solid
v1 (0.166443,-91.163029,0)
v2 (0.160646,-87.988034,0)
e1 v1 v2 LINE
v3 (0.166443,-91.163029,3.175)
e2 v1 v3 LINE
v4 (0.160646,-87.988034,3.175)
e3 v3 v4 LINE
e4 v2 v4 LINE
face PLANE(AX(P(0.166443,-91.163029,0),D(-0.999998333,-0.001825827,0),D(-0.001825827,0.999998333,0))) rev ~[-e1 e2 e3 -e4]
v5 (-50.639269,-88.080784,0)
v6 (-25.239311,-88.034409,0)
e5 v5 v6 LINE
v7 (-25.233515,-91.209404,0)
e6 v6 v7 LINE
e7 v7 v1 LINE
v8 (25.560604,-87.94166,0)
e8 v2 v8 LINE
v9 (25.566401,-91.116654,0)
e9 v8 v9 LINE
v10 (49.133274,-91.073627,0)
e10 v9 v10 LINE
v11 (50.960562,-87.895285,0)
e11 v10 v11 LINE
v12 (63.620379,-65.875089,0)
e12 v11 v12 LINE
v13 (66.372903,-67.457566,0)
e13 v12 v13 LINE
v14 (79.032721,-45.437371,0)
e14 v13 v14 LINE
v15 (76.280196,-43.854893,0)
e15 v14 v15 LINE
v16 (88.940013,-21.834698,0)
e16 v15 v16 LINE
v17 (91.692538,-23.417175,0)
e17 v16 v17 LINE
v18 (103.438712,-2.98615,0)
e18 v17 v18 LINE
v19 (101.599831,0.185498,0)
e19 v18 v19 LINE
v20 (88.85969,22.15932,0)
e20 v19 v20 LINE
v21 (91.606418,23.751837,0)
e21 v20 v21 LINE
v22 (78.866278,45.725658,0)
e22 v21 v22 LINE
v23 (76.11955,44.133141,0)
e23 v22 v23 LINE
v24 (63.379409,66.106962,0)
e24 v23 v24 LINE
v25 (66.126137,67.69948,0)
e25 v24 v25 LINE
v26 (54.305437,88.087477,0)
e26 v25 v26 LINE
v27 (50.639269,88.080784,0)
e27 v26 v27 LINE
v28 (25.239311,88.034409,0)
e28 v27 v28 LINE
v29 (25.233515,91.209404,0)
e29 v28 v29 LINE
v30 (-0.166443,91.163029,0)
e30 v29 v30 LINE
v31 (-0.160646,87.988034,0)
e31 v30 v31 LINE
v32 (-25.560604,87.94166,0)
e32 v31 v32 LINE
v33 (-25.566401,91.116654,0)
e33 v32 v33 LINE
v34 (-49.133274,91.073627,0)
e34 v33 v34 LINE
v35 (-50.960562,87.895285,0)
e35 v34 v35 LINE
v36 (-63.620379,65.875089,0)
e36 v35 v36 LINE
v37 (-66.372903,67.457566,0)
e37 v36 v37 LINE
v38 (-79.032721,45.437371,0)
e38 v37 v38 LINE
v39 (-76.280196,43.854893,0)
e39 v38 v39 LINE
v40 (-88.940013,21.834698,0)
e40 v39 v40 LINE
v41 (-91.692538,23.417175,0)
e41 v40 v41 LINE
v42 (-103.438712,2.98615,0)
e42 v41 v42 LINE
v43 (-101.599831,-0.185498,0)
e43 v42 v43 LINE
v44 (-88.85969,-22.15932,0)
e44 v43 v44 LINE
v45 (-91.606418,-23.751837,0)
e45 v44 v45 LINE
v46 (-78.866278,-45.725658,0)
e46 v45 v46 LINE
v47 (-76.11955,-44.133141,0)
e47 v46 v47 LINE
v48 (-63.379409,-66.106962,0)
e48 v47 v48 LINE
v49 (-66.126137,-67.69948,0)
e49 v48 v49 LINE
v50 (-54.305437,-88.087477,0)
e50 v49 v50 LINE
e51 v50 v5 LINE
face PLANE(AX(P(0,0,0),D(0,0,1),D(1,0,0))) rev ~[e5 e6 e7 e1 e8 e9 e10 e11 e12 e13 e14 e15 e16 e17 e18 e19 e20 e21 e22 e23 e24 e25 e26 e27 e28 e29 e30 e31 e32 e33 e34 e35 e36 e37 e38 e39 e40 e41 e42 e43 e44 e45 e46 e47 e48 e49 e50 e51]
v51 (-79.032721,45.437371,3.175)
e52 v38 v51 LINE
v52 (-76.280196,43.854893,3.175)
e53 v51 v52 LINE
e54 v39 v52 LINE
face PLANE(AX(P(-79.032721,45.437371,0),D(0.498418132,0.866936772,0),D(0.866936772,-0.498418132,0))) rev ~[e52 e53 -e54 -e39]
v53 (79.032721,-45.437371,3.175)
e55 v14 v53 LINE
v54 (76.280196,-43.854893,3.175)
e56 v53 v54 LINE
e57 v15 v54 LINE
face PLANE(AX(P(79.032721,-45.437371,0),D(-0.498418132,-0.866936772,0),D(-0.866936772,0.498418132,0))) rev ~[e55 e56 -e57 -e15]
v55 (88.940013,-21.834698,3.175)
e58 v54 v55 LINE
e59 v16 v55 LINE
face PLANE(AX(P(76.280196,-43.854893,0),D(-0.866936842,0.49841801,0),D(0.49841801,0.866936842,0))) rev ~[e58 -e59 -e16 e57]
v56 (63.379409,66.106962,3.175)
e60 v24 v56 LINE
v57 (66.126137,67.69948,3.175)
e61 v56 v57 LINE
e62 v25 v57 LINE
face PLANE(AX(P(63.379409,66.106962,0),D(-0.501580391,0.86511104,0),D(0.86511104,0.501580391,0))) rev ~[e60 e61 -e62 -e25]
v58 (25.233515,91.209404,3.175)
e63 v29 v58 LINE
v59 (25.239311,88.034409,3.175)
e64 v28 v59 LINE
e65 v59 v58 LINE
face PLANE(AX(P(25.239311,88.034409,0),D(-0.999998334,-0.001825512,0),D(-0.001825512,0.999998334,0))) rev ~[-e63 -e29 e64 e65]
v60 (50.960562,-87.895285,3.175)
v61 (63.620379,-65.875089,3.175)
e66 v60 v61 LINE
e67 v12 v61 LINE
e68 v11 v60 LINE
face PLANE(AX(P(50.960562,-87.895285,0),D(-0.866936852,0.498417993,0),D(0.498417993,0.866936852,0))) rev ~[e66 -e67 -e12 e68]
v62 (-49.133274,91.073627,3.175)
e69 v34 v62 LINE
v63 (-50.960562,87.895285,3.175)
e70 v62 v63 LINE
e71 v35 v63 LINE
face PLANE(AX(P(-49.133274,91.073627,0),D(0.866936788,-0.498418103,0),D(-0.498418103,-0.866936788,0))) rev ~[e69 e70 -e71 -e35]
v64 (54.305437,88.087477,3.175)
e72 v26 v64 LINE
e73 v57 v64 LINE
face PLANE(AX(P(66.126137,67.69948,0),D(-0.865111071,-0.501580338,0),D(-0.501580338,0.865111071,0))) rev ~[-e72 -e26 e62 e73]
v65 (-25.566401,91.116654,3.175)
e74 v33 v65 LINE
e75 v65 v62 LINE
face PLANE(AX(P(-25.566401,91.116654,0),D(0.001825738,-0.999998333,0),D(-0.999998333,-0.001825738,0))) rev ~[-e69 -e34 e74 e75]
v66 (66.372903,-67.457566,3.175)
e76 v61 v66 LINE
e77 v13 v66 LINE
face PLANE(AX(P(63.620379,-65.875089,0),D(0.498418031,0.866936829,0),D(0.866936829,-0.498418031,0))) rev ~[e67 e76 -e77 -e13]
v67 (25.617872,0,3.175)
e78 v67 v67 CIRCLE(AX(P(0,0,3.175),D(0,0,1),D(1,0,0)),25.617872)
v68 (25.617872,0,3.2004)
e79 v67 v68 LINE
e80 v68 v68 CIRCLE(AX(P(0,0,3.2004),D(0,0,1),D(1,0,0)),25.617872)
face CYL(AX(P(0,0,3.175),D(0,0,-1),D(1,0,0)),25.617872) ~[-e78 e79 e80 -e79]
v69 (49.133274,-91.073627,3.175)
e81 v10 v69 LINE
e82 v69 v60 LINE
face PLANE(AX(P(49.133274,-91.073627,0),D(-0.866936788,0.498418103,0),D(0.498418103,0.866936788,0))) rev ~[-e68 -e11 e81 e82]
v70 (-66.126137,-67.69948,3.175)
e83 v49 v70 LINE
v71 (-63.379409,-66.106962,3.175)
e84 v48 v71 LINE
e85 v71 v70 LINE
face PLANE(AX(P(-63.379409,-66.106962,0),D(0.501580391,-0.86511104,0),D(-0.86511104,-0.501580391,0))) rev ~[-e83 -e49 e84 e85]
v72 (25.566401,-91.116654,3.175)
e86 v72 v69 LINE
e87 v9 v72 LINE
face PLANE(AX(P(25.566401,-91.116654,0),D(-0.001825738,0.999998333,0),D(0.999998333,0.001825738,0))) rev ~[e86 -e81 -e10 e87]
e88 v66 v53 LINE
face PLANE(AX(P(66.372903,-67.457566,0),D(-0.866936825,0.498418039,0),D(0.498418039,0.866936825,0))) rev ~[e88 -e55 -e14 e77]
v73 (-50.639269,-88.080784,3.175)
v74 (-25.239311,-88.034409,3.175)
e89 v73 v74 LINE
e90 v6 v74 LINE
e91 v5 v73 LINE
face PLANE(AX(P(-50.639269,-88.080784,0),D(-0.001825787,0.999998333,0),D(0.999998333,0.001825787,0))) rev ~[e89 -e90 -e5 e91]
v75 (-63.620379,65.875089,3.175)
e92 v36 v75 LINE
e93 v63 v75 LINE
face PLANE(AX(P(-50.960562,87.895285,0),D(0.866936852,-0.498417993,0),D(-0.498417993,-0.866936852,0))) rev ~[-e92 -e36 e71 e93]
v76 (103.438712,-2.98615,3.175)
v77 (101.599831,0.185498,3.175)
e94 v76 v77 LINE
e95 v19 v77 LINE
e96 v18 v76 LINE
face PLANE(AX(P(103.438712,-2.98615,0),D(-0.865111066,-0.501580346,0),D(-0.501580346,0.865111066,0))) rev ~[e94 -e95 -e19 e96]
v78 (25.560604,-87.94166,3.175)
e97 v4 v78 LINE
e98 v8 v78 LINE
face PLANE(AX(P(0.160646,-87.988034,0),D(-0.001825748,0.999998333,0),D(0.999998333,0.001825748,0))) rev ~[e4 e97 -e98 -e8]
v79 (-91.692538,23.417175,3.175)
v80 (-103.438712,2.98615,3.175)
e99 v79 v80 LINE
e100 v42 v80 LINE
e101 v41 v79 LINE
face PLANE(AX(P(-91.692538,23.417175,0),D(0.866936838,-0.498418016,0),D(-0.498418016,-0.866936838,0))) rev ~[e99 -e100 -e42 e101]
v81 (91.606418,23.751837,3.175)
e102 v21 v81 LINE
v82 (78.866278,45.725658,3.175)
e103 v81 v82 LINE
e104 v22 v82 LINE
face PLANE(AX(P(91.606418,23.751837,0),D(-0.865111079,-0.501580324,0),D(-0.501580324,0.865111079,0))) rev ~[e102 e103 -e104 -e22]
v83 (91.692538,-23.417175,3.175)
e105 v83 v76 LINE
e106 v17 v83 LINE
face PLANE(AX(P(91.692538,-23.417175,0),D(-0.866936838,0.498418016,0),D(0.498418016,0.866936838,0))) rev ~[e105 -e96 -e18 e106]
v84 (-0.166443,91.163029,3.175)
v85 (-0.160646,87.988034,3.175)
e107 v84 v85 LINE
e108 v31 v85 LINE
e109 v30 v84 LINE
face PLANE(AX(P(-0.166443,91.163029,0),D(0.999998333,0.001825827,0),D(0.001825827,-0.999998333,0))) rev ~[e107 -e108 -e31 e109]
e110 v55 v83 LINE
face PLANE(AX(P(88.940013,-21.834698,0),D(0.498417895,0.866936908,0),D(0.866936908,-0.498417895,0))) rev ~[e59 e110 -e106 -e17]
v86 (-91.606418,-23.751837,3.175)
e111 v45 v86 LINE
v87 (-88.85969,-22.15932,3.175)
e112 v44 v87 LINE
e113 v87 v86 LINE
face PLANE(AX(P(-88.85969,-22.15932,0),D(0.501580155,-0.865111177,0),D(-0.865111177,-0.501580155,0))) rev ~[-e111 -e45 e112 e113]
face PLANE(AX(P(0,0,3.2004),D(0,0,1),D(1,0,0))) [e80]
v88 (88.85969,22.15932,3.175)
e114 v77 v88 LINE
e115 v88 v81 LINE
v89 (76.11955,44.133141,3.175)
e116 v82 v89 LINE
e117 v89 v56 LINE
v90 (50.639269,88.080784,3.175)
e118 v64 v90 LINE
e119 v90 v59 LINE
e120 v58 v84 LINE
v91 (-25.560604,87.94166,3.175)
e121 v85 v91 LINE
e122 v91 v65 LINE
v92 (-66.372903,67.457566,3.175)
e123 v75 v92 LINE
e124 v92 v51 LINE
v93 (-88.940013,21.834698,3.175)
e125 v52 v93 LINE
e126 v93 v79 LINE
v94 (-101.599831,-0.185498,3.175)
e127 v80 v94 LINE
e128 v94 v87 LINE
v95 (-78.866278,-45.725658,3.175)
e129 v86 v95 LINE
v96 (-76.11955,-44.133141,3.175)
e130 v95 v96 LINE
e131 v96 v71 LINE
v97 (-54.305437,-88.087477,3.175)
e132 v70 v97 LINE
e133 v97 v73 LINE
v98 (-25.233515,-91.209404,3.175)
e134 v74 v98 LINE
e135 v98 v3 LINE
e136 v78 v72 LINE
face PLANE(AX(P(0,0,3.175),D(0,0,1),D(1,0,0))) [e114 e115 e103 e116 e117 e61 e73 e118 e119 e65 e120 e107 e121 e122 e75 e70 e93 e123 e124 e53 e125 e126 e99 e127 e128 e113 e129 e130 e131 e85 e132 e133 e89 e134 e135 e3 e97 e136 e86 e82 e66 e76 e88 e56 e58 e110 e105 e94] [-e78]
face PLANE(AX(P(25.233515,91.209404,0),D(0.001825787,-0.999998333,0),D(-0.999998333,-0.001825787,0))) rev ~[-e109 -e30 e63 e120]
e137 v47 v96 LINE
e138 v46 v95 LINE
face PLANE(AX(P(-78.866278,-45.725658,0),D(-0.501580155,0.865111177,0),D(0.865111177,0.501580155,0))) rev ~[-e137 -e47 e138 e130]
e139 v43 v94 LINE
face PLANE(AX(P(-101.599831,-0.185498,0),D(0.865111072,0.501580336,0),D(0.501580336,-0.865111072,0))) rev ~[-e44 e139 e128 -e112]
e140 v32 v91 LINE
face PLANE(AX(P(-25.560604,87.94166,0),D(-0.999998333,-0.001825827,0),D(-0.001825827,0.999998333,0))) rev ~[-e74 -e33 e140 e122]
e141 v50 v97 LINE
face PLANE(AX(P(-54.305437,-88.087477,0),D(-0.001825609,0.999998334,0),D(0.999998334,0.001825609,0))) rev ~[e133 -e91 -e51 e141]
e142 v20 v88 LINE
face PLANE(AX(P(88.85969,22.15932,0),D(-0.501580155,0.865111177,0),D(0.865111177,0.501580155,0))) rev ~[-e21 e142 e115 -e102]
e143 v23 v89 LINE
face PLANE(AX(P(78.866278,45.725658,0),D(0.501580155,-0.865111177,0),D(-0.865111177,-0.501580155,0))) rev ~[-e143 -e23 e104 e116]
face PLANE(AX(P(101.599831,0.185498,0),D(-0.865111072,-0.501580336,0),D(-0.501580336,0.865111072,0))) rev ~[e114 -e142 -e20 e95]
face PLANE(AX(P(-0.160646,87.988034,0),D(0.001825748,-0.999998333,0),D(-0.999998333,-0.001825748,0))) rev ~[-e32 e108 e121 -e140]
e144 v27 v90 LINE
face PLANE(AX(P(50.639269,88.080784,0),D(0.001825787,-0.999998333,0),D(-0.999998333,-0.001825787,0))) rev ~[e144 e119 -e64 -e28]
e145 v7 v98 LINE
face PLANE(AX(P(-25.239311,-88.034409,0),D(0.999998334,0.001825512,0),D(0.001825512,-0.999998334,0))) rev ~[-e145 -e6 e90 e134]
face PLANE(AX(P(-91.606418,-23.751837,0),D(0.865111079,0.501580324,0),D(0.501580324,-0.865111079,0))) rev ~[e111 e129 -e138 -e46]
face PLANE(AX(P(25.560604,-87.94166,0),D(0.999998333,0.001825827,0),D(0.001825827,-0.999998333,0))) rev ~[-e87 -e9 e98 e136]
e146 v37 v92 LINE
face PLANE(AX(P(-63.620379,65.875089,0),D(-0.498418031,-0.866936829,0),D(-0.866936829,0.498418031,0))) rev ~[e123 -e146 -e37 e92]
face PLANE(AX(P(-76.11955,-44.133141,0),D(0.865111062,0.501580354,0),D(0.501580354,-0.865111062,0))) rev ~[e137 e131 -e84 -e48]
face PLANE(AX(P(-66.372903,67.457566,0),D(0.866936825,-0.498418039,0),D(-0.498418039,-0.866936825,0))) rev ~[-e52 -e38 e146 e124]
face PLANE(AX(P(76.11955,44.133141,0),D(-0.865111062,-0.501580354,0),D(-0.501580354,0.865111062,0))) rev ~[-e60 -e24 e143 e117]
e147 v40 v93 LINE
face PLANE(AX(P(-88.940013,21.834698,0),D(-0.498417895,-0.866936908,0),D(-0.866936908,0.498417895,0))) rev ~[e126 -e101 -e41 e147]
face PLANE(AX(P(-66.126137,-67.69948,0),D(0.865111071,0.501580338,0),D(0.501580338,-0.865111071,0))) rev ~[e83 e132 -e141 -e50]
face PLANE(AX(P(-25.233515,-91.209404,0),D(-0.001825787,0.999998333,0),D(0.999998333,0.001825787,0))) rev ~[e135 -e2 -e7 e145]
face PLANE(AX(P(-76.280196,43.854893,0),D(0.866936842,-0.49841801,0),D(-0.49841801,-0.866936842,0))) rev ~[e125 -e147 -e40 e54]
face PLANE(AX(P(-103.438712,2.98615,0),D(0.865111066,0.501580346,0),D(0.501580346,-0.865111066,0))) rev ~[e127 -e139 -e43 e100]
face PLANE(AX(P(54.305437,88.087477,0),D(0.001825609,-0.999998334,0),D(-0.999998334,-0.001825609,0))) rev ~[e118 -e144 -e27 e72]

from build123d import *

# Parameters (mm, degrees)
F1_DEPTH = 3.175
F2_R     = 25.617872
F3_DEPTH = 0.0254


with BuildPart() as f1:
    # F0 (on Top) → F1 (new body)
    with BuildSketch(Plane.XY):
        Polygon((63.379409, 66.106962), (50.639269, 88.080784), (25.239311, 88.034409), (-0.160646, 87.988034), (-25.560604, 87.94166), (-50.960562, 87.895285), (-63.620379, 65.875089), (-76.280196, 43.854893), (-88.940013, 21.834698), (-101.599831, -0.185498), (-88.85969, -22.15932), (-76.11955, -44.133141), (-63.379409, -66.106962), (-50.639269, -88.080784), (-25.239311, -88.034409), (0.160646, -87.988034), (25.560604, -87.94166), (50.960562, -87.895285), (63.620379, -65.875089), (76.280196, -43.854893), (88.940013, -21.834698), (101.599831, 0.185498), (88.85969, 22.15932), (76.11955, 44.133141), align=None)
        Polygon((-76.280196, 43.854893), (-63.620379, 65.875089), (-66.372903, 67.457566), (-79.032721, 45.437371), align=None)
        Polygon((-101.599831, -0.185498), (-88.940013, 21.834698), (-91.692538, 23.417175), (-103.438712, 2.98615), align=None)
        Polygon((-50.960562, 87.895285), (-25.560604, 87.94166), (-25.566401, 91.116654), (-49.133274, 91.073627), align=None)
        Polygon((-0.160646, 87.988034), (25.239311, 88.034409), (25.233515, 91.209404), (-0.166443, 91.163029), align=None)
        Polygon((54.305437, 88.087477), (50.639269, 88.080784), (63.379409, 66.106962), (66.126137, 67.69948), align=None)
        Polygon((78.866278, 45.725658), (76.11955, 44.133141), (88.85969, 22.15932), (91.606418, 23.751837), align=None)
        Polygon((103.438712, -2.98615), (101.599831, 0.185498), (88.940013, -21.834698), (91.692538, -23.417175), align=None)
        Polygon((79.032721, -45.437371), (76.280196, -43.854893), (63.620379, -65.875089), (66.372903, -67.457566), align=None)
        Polygon((49.133274, -91.073627), (50.960562, -87.895285), (25.560604, -87.94166), (25.566401, -91.116654), align=None)
        Polygon((0.166443, -91.163029), (0.160646, -87.988034), (-25.239311, -88.034409), (-25.233515, -91.209404), align=None)
        Polygon((-50.639269, -88.080784), (-63.379409, -66.106962), (-66.126137, -67.69948), (-54.305437, -88.087477), align=None)
        Polygon((-76.11955, -44.133141), (-88.85969, -22.15932), (-91.606418, -23.751837), (-78.866278, -45.725658), align=None)
    extrude(amount=F1_DEPTH)

    # F2 (on face) → F3 (join)
    with BuildSketch(Plane.XY.offset(3.175)):
        Circle(F2_R)
    extrude(amount=F3_DEPTH)


solid = f1.part
